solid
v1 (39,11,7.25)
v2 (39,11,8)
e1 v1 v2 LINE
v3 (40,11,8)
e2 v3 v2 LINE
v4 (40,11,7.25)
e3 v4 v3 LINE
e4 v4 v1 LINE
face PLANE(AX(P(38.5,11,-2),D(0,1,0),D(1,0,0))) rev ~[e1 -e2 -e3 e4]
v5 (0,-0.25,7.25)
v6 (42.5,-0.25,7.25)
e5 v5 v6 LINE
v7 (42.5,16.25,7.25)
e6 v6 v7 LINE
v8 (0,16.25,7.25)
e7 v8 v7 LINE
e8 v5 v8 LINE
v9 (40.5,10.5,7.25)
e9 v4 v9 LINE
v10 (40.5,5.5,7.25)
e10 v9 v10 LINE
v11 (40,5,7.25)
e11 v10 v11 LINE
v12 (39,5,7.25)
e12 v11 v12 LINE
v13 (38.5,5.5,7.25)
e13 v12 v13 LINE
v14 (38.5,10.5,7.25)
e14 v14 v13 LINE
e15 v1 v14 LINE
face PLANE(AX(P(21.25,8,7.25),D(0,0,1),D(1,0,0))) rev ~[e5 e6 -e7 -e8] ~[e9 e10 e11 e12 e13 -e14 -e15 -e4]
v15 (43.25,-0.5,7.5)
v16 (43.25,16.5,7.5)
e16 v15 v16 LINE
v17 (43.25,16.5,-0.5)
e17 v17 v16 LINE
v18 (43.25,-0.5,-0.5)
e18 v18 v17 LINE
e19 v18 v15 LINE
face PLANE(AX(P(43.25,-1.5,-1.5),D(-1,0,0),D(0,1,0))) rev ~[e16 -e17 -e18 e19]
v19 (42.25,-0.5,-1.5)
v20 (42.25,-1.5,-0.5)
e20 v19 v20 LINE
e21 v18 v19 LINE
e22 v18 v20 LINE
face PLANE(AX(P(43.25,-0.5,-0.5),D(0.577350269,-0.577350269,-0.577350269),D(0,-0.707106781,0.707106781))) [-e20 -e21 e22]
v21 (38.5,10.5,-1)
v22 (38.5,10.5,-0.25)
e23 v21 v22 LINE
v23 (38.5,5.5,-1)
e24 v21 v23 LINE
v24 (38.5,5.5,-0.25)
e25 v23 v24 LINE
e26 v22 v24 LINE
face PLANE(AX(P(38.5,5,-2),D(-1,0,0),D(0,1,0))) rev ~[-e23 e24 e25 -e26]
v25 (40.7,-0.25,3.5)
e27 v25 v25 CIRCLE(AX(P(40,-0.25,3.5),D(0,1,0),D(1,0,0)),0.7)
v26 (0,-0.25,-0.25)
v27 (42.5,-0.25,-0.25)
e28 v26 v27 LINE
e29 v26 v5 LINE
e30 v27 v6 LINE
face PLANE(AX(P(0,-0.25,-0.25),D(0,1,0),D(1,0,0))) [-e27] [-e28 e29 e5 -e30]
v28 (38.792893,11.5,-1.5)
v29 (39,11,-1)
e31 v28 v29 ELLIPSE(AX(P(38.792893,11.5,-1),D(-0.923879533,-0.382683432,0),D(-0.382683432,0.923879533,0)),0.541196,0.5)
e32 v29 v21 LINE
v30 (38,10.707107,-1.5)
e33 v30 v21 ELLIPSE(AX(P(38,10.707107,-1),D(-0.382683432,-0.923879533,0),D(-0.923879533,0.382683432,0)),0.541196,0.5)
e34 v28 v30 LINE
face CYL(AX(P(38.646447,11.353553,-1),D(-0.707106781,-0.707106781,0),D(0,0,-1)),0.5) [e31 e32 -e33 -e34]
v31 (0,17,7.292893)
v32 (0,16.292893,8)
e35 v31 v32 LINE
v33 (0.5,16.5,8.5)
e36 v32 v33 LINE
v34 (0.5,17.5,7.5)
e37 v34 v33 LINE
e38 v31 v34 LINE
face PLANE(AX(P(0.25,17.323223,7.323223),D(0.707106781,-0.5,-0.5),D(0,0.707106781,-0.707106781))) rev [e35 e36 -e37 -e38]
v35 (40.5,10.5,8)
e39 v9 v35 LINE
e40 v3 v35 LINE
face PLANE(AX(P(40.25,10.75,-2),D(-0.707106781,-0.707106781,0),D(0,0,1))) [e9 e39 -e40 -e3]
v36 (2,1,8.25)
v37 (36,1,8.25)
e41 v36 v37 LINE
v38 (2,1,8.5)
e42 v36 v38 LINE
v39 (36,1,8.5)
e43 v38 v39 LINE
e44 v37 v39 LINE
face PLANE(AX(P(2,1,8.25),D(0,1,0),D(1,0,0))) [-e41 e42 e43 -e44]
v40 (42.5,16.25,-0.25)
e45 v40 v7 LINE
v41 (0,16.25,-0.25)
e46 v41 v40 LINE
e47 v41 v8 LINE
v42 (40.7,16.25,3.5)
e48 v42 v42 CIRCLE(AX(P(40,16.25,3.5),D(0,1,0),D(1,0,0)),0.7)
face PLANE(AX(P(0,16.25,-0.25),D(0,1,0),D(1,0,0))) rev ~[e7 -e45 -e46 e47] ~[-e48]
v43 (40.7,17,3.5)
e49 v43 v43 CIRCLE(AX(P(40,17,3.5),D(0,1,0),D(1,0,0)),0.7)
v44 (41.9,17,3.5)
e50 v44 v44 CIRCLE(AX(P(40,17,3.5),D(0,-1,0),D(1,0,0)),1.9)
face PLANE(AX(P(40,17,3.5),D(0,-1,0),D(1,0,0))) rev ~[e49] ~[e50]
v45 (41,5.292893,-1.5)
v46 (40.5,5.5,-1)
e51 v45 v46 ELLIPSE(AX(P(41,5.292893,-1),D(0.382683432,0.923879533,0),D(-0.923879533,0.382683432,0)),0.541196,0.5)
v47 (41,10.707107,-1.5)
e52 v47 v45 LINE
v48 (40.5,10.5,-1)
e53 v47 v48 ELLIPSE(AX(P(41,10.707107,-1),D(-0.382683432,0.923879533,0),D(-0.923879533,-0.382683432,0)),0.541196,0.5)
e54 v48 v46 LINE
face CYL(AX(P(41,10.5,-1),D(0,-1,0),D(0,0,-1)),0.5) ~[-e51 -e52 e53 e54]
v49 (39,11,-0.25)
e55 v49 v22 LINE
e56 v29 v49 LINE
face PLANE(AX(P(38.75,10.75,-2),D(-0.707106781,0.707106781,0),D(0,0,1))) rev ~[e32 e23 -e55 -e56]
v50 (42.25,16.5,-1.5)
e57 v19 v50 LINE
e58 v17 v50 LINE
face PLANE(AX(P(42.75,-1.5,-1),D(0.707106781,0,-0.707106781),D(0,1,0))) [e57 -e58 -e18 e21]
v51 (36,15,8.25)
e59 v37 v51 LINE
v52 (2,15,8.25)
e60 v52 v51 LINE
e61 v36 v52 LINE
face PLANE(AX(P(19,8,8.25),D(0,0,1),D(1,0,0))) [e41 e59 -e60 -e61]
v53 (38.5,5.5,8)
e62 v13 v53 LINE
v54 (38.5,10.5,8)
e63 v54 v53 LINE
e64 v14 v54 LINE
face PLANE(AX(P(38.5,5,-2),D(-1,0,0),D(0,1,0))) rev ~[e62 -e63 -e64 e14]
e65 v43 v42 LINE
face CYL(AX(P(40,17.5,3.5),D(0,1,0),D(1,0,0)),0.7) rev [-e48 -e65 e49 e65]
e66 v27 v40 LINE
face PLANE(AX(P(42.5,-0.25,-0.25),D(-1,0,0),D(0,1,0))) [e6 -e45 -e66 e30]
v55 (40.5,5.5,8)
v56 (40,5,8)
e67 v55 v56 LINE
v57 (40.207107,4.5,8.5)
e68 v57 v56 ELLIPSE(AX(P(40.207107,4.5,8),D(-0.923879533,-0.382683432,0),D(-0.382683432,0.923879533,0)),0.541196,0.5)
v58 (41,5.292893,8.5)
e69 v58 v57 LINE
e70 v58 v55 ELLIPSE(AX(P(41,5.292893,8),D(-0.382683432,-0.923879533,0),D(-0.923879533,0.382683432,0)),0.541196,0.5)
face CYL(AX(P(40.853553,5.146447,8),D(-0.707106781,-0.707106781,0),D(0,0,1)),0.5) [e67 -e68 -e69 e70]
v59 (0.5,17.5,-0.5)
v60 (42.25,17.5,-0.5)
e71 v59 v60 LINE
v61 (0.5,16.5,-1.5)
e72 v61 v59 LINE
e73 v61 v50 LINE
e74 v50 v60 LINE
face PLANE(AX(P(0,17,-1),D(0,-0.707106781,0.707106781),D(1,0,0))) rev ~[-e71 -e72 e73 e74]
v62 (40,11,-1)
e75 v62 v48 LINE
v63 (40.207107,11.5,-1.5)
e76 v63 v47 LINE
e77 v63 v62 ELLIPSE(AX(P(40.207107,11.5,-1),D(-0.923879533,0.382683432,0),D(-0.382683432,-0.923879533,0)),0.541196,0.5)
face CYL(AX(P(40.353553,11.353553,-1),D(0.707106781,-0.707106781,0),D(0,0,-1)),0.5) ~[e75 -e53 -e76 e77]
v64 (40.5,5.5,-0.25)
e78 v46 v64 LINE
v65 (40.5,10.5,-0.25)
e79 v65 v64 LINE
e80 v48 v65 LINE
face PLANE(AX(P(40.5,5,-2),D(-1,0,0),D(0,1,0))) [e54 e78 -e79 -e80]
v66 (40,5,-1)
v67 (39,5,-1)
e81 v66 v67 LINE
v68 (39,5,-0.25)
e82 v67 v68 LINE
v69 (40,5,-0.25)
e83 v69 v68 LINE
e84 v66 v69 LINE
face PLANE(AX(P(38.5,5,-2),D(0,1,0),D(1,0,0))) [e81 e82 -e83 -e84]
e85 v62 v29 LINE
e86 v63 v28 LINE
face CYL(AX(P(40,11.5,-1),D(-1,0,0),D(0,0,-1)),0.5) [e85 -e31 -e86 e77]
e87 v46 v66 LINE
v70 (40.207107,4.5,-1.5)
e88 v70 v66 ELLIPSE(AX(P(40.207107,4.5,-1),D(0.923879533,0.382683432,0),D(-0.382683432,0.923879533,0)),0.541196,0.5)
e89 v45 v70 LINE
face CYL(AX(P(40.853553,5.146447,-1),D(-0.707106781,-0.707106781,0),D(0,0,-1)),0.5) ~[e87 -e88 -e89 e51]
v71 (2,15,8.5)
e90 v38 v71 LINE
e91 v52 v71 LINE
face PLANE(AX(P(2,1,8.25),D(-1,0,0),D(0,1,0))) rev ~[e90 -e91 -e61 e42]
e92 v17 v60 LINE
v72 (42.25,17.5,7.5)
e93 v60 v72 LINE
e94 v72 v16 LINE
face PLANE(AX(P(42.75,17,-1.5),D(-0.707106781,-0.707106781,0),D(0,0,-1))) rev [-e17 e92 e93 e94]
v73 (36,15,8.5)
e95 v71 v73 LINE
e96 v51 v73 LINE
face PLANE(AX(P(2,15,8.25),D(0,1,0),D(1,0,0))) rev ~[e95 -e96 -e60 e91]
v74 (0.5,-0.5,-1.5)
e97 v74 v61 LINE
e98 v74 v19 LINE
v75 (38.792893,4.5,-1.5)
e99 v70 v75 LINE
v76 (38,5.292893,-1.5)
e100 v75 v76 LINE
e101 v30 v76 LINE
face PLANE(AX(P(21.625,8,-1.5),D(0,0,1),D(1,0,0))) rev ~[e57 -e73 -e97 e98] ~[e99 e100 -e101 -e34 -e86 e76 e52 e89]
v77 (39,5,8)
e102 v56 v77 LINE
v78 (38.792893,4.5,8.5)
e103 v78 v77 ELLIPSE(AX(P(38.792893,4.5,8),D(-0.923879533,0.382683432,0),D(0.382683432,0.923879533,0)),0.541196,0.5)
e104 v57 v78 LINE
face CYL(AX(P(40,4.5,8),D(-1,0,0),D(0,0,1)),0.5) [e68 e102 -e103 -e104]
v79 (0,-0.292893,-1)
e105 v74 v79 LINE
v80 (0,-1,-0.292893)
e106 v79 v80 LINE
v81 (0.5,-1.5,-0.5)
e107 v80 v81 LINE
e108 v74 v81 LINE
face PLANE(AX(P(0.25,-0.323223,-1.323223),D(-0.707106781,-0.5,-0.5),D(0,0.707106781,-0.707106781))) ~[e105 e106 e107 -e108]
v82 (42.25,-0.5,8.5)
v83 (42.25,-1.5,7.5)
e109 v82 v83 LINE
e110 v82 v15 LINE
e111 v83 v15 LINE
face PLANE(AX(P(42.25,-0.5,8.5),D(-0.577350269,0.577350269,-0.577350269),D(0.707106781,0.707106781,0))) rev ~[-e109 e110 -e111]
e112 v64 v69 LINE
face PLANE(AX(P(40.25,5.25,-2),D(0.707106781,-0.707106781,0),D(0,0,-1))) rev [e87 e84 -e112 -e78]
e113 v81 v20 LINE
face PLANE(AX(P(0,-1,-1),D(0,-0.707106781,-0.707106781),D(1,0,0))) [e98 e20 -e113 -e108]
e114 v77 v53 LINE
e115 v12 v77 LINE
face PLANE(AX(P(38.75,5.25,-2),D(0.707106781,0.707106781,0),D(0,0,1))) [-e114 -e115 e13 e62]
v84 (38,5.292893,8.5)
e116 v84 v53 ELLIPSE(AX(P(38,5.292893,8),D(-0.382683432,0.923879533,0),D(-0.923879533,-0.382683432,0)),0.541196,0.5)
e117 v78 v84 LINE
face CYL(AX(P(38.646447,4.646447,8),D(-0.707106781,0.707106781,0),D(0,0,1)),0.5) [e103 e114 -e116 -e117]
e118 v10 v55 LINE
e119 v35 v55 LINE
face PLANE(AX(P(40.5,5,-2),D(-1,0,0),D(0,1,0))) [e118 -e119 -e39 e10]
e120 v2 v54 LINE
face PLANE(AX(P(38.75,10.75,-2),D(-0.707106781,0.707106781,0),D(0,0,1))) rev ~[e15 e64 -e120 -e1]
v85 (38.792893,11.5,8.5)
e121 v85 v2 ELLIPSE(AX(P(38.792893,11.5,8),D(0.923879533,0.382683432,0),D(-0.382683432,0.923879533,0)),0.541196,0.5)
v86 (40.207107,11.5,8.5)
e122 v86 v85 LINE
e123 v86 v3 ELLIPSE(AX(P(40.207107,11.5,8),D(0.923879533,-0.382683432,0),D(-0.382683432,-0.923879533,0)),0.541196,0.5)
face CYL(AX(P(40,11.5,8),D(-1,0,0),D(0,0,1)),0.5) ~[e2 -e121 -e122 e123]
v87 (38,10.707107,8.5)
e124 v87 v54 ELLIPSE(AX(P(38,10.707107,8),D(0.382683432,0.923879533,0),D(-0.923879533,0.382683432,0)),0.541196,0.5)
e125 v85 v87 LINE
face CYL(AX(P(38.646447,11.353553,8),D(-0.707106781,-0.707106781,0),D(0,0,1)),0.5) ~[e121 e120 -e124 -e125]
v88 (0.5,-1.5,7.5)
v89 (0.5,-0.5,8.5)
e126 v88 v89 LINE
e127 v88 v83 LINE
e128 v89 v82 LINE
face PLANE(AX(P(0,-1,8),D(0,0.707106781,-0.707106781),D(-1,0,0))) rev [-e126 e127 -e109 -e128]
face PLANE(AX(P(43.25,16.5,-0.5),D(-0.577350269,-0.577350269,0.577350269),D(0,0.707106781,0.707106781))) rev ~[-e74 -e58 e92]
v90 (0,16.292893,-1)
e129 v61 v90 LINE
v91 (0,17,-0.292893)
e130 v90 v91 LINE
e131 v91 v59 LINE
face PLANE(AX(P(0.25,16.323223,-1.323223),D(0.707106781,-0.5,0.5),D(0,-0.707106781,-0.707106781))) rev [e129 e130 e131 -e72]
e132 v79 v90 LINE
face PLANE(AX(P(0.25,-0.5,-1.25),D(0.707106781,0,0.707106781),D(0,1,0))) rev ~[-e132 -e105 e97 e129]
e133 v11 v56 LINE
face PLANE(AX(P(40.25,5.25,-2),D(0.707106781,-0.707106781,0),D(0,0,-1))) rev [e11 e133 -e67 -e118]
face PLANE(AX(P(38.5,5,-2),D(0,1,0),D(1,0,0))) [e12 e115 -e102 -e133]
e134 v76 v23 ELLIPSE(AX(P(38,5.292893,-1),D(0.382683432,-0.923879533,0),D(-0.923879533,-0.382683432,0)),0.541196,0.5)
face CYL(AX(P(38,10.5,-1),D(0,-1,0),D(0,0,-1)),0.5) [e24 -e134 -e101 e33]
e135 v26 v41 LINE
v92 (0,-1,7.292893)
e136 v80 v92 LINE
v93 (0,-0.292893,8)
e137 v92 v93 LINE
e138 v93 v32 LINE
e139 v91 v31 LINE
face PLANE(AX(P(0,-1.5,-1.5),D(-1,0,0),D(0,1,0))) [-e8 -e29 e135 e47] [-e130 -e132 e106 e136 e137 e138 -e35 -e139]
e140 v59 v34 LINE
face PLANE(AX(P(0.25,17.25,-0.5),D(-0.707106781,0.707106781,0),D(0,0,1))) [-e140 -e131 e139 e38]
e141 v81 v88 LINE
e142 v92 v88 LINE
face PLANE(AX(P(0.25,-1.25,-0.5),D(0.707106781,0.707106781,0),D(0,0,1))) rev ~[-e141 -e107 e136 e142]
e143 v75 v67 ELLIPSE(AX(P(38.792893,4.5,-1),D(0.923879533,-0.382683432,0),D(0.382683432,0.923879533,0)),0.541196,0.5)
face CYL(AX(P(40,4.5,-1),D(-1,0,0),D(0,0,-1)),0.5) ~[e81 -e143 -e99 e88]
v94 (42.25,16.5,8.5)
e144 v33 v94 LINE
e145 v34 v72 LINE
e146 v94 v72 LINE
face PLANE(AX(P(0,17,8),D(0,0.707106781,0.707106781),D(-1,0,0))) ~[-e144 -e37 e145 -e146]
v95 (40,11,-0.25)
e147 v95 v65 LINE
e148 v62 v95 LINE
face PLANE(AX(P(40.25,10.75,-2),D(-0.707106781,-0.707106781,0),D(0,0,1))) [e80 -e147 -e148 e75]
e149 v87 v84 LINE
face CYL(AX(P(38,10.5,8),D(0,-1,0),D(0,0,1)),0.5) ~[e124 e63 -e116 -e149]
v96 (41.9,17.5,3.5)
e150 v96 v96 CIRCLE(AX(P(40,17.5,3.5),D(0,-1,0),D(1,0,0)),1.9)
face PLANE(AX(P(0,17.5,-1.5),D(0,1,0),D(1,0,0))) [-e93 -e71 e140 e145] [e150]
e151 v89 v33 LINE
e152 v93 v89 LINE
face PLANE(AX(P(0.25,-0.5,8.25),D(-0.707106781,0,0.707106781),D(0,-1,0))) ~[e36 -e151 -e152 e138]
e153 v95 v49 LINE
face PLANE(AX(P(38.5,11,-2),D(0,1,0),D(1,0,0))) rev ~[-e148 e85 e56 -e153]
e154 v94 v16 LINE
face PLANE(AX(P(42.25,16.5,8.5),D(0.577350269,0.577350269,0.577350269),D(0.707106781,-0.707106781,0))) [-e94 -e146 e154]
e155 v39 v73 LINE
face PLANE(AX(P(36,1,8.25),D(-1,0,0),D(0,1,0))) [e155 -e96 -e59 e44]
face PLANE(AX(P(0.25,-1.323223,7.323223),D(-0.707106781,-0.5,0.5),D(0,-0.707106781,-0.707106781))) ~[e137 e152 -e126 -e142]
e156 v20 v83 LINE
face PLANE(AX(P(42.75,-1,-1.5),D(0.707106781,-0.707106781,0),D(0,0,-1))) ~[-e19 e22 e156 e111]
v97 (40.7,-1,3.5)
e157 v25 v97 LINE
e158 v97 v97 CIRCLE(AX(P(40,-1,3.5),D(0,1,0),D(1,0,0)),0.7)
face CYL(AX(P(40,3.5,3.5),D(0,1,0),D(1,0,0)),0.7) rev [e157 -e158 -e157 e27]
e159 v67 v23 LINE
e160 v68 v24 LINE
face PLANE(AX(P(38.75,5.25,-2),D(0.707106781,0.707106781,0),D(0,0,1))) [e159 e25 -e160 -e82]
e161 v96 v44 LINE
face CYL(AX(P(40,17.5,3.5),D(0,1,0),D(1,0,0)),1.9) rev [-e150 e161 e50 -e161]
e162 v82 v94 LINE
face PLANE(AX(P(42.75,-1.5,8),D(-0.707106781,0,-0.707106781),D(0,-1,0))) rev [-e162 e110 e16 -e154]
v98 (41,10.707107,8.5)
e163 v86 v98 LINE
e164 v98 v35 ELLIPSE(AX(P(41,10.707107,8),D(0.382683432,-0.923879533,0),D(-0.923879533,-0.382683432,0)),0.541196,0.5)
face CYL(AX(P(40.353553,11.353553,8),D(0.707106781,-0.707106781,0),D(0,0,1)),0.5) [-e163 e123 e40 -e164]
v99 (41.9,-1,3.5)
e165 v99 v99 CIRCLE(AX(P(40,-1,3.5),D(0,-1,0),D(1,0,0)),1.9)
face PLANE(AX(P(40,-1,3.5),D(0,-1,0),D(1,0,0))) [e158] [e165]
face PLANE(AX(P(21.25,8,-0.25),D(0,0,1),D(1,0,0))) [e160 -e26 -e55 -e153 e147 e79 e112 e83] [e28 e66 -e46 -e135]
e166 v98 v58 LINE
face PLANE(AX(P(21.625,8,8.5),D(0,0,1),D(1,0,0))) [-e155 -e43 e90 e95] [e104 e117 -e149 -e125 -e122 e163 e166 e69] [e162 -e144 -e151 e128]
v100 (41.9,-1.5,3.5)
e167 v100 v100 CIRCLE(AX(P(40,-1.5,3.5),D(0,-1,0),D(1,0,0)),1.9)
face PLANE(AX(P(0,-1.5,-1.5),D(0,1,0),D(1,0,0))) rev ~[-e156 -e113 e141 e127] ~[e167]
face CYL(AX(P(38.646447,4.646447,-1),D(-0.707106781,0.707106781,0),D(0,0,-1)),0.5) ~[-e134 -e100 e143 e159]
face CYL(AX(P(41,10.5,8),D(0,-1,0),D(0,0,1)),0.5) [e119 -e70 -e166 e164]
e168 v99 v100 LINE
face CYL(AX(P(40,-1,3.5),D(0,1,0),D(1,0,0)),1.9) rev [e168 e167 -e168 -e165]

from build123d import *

# Parameters (mm, degrees)
BOX011_W           = 34
BOX011_H           = 14
BOX011_DEPTH       = 0.25
BOX010_W           = 2
BOX010_H           = 6
BOX010_DEPTH       = 11
CHAMFER002_SIZE    = 0.5
CYLINDER003_R      = 1.9
CYLINDER003_DEPTH  = 0.5
CYLINDER002_R      = 1.9
CYLINDER002_DEPTH  = 0.5
CYLINDER001_R      = 0.7
CYLINDER001_DEPTH  = 5
CYLINDER_R         = 0.7
CYLINDER_DEPTH     = 5
BOX009_W           = 42.5
BOX009_H           = 16.5
BOX009_DEPTH       = 7.5
BOX007_W           = 43.25
BOX007_H           = 19
BOX007_DEPTH       = 10
FILLET_R           = 0.5
FILLET001_R        = 0.5
CHAMFER002002_SIZE = 1
CHAMFER002003_SIZE = 0.5


with BuildPart() as cube011:
    # Box011 → Box011 (new body)
    with BuildSketch(Plane(origin=(2, 1, 8.25), x_dir=(1, 0, 0), z_dir=(0, 0, 1))):
        with Locations((17, 7)):
            Rectangle(BOX011_W, BOX011_H)
    extrude(amount=BOX011_DEPTH)


with BuildPart() as chamfer002:
    # Box010 → Box010 (new body)
    with BuildSketch(Plane(origin=(38.5, 5, -2), x_dir=(1, 0, 0), z_dir=(0, 0, 1))):
        with Locations((1, 3)):
            Rectangle(BOX010_W, BOX010_H)
    extrude(amount=BOX010_DEPTH)

    # Chamfer002
    chamfer002_edges = [chamfer002.edges().sort_by_distance(p)[0] for p in [
        (38.5, 5, 3.5),
        (38.5, 11, 3.5),
        (40.5, 5, 3.5),
        (40.5, 11, 3.5),
    ]]
    chamfer(chamfer002_edges, length=CHAMFER002_SIZE)


with BuildPart() as cylinder003:
    # Cylinder003 → Cylinder003 (new body)
    with BuildSketch(Plane(origin=(40, -1, 3.5), x_dir=(1, 0, 0), z_dir=(0, -1, 0))):
        Circle(CYLINDER003_R)
    extrude(amount=CYLINDER003_DEPTH)


with BuildPart() as cylinder002:
    # Cylinder002 → Cylinder002 (new body)
    with BuildSketch(Plane(origin=(40, 17.5, 3.5), x_dir=(1, 0, 0), z_dir=(0, -1, 0))):
        Circle(CYLINDER002_R)
    extrude(amount=CYLINDER002_DEPTH)


with BuildPart() as cylinder001:
    # Cylinder001 → Cylinder001 (new body)
    with BuildSketch(Plane(origin=(40, 17.5, 3.5), x_dir=(1, 0, 0), z_dir=(0, -1, 0))):
        Circle(CYLINDER001_R)
    extrude(amount=CYLINDER001_DEPTH)


with BuildPart() as fusion001002002:
    # Cylinder → Cylinder (new body)
    with BuildSketch(Plane(origin=(40, 3.5, 3.5), x_dir=(1, 0, 0), z_dir=(0, -1, 0))):
        Circle(CYLINDER_R)
    extrude(amount=CYLINDER_DEPTH)

    # Fusion001002: union Cylinder001
    add(cylinder001.part)

    # Fusion001002002: union Cylinder003, Cylinder002
    add(cylinder003.part)
    add(cylinder002.part)


with BuildPart() as cube009:
    # Box009 → Box009 (new body)
    with BuildSketch(Plane(origin=(0, -0.25, -0.25), x_dir=(1, 0, 0), z_dir=(0, 0, 1))):
        with Locations((21.25, 8.25)):
            Rectangle(BOX009_W, BOX009_H)
    extrude(amount=BOX009_DEPTH)


with BuildPart() as cut003006:
    # Box007 → Box007 (new body)
    with BuildSketch(Plane(origin=(0, -1.5, -1.5), x_dir=(1, 0, 0), z_dir=(0, 0, 1))):
        with Locations((21.625, 9.5)):
            Rectangle(BOX007_W, BOX007_H)
    extrude(amount=BOX007_DEPTH)

    # Cut003: cut Cube009
    add(cube009.part, mode=Mode.SUBTRACT)

    # Cut003003: cut Fusion001002002
    add(fusion001002002.part, mode=Mode.SUBTRACT)

    # Cut003004: cut Chamfer002
    add(chamfer002.part, mode=Mode.SUBTRACT)

    # Fillet
    fillet_edges = [cut003006.edges().sort_by_distance(p)[0] for p in [
        (38.75, 5.25, 8.5),
        (39.5, 5, 8.5),
        (40.25, 5.25, 8.5),
        (40.5, 8, 8.5),
        (40.25, 10.75, 8.5),
        (39.5, 11, 8.5),
        (38.75, 10.75, 8.5),
        (38.5, 8, 8.5),
    ]]
    fillet(fillet_edges, radius=FILLET_R)

    # Fillet001
    fillet001_edges = [cut003006.edges().sort_by_distance(p)[0] for p in [
        (38.75, 5.25, -1.5),
        (39.5, 5, -1.5),
        (40.25, 5.25, -1.5),
        (40.5, 8, -1.5),
        (40.25, 10.75, -1.5),
        (39.5, 11, -1.5),
        (38.75, 10.75, -1.5),
        (38.5, 8, -1.5),
    ]]
    fillet(fillet001_edges, radius=FILLET001_R)

    # Chamfer002002
    chamfer002002_edges = [cut003006.edges().sort_by_distance(p)[0] for p in [
        (21.625, 17.5, -1.5),
        (21.625, -1.5, -1.5),
        (43.25, 8, -1.5),
        (43.25, 17.5, 3.5),
        (21.625, 17.5, 8.5),
        (43.25, -1.5, 3.5),
        (21.625, -1.5, 8.5),
        (43.25, 8, 8.5),
    ]]
    chamfer(chamfer002002_edges, length=CHAMFER002002_SIZE)

    # Chamfer002003
    chamfer002003_edges = [cut003006.edges().sort_by_distance(p)[0] for p in [
        (0, 8, -1.5),
        (0, -1.5, 3.5),
        (0, -1, -1),
        (0, -1, 8),
        (0, 8, 8.5),
        (0, 17, -1),
        (0, 17, 8),
        (0, 17.5, 3.5),
    ]]
    chamfer(chamfer002003_edges, length=CHAMFER002003_SIZE)

    # Cut003006: cut Cube011
    add(cube011.part, mode=Mode.SUBTRACT)


solid = cut003006.part
